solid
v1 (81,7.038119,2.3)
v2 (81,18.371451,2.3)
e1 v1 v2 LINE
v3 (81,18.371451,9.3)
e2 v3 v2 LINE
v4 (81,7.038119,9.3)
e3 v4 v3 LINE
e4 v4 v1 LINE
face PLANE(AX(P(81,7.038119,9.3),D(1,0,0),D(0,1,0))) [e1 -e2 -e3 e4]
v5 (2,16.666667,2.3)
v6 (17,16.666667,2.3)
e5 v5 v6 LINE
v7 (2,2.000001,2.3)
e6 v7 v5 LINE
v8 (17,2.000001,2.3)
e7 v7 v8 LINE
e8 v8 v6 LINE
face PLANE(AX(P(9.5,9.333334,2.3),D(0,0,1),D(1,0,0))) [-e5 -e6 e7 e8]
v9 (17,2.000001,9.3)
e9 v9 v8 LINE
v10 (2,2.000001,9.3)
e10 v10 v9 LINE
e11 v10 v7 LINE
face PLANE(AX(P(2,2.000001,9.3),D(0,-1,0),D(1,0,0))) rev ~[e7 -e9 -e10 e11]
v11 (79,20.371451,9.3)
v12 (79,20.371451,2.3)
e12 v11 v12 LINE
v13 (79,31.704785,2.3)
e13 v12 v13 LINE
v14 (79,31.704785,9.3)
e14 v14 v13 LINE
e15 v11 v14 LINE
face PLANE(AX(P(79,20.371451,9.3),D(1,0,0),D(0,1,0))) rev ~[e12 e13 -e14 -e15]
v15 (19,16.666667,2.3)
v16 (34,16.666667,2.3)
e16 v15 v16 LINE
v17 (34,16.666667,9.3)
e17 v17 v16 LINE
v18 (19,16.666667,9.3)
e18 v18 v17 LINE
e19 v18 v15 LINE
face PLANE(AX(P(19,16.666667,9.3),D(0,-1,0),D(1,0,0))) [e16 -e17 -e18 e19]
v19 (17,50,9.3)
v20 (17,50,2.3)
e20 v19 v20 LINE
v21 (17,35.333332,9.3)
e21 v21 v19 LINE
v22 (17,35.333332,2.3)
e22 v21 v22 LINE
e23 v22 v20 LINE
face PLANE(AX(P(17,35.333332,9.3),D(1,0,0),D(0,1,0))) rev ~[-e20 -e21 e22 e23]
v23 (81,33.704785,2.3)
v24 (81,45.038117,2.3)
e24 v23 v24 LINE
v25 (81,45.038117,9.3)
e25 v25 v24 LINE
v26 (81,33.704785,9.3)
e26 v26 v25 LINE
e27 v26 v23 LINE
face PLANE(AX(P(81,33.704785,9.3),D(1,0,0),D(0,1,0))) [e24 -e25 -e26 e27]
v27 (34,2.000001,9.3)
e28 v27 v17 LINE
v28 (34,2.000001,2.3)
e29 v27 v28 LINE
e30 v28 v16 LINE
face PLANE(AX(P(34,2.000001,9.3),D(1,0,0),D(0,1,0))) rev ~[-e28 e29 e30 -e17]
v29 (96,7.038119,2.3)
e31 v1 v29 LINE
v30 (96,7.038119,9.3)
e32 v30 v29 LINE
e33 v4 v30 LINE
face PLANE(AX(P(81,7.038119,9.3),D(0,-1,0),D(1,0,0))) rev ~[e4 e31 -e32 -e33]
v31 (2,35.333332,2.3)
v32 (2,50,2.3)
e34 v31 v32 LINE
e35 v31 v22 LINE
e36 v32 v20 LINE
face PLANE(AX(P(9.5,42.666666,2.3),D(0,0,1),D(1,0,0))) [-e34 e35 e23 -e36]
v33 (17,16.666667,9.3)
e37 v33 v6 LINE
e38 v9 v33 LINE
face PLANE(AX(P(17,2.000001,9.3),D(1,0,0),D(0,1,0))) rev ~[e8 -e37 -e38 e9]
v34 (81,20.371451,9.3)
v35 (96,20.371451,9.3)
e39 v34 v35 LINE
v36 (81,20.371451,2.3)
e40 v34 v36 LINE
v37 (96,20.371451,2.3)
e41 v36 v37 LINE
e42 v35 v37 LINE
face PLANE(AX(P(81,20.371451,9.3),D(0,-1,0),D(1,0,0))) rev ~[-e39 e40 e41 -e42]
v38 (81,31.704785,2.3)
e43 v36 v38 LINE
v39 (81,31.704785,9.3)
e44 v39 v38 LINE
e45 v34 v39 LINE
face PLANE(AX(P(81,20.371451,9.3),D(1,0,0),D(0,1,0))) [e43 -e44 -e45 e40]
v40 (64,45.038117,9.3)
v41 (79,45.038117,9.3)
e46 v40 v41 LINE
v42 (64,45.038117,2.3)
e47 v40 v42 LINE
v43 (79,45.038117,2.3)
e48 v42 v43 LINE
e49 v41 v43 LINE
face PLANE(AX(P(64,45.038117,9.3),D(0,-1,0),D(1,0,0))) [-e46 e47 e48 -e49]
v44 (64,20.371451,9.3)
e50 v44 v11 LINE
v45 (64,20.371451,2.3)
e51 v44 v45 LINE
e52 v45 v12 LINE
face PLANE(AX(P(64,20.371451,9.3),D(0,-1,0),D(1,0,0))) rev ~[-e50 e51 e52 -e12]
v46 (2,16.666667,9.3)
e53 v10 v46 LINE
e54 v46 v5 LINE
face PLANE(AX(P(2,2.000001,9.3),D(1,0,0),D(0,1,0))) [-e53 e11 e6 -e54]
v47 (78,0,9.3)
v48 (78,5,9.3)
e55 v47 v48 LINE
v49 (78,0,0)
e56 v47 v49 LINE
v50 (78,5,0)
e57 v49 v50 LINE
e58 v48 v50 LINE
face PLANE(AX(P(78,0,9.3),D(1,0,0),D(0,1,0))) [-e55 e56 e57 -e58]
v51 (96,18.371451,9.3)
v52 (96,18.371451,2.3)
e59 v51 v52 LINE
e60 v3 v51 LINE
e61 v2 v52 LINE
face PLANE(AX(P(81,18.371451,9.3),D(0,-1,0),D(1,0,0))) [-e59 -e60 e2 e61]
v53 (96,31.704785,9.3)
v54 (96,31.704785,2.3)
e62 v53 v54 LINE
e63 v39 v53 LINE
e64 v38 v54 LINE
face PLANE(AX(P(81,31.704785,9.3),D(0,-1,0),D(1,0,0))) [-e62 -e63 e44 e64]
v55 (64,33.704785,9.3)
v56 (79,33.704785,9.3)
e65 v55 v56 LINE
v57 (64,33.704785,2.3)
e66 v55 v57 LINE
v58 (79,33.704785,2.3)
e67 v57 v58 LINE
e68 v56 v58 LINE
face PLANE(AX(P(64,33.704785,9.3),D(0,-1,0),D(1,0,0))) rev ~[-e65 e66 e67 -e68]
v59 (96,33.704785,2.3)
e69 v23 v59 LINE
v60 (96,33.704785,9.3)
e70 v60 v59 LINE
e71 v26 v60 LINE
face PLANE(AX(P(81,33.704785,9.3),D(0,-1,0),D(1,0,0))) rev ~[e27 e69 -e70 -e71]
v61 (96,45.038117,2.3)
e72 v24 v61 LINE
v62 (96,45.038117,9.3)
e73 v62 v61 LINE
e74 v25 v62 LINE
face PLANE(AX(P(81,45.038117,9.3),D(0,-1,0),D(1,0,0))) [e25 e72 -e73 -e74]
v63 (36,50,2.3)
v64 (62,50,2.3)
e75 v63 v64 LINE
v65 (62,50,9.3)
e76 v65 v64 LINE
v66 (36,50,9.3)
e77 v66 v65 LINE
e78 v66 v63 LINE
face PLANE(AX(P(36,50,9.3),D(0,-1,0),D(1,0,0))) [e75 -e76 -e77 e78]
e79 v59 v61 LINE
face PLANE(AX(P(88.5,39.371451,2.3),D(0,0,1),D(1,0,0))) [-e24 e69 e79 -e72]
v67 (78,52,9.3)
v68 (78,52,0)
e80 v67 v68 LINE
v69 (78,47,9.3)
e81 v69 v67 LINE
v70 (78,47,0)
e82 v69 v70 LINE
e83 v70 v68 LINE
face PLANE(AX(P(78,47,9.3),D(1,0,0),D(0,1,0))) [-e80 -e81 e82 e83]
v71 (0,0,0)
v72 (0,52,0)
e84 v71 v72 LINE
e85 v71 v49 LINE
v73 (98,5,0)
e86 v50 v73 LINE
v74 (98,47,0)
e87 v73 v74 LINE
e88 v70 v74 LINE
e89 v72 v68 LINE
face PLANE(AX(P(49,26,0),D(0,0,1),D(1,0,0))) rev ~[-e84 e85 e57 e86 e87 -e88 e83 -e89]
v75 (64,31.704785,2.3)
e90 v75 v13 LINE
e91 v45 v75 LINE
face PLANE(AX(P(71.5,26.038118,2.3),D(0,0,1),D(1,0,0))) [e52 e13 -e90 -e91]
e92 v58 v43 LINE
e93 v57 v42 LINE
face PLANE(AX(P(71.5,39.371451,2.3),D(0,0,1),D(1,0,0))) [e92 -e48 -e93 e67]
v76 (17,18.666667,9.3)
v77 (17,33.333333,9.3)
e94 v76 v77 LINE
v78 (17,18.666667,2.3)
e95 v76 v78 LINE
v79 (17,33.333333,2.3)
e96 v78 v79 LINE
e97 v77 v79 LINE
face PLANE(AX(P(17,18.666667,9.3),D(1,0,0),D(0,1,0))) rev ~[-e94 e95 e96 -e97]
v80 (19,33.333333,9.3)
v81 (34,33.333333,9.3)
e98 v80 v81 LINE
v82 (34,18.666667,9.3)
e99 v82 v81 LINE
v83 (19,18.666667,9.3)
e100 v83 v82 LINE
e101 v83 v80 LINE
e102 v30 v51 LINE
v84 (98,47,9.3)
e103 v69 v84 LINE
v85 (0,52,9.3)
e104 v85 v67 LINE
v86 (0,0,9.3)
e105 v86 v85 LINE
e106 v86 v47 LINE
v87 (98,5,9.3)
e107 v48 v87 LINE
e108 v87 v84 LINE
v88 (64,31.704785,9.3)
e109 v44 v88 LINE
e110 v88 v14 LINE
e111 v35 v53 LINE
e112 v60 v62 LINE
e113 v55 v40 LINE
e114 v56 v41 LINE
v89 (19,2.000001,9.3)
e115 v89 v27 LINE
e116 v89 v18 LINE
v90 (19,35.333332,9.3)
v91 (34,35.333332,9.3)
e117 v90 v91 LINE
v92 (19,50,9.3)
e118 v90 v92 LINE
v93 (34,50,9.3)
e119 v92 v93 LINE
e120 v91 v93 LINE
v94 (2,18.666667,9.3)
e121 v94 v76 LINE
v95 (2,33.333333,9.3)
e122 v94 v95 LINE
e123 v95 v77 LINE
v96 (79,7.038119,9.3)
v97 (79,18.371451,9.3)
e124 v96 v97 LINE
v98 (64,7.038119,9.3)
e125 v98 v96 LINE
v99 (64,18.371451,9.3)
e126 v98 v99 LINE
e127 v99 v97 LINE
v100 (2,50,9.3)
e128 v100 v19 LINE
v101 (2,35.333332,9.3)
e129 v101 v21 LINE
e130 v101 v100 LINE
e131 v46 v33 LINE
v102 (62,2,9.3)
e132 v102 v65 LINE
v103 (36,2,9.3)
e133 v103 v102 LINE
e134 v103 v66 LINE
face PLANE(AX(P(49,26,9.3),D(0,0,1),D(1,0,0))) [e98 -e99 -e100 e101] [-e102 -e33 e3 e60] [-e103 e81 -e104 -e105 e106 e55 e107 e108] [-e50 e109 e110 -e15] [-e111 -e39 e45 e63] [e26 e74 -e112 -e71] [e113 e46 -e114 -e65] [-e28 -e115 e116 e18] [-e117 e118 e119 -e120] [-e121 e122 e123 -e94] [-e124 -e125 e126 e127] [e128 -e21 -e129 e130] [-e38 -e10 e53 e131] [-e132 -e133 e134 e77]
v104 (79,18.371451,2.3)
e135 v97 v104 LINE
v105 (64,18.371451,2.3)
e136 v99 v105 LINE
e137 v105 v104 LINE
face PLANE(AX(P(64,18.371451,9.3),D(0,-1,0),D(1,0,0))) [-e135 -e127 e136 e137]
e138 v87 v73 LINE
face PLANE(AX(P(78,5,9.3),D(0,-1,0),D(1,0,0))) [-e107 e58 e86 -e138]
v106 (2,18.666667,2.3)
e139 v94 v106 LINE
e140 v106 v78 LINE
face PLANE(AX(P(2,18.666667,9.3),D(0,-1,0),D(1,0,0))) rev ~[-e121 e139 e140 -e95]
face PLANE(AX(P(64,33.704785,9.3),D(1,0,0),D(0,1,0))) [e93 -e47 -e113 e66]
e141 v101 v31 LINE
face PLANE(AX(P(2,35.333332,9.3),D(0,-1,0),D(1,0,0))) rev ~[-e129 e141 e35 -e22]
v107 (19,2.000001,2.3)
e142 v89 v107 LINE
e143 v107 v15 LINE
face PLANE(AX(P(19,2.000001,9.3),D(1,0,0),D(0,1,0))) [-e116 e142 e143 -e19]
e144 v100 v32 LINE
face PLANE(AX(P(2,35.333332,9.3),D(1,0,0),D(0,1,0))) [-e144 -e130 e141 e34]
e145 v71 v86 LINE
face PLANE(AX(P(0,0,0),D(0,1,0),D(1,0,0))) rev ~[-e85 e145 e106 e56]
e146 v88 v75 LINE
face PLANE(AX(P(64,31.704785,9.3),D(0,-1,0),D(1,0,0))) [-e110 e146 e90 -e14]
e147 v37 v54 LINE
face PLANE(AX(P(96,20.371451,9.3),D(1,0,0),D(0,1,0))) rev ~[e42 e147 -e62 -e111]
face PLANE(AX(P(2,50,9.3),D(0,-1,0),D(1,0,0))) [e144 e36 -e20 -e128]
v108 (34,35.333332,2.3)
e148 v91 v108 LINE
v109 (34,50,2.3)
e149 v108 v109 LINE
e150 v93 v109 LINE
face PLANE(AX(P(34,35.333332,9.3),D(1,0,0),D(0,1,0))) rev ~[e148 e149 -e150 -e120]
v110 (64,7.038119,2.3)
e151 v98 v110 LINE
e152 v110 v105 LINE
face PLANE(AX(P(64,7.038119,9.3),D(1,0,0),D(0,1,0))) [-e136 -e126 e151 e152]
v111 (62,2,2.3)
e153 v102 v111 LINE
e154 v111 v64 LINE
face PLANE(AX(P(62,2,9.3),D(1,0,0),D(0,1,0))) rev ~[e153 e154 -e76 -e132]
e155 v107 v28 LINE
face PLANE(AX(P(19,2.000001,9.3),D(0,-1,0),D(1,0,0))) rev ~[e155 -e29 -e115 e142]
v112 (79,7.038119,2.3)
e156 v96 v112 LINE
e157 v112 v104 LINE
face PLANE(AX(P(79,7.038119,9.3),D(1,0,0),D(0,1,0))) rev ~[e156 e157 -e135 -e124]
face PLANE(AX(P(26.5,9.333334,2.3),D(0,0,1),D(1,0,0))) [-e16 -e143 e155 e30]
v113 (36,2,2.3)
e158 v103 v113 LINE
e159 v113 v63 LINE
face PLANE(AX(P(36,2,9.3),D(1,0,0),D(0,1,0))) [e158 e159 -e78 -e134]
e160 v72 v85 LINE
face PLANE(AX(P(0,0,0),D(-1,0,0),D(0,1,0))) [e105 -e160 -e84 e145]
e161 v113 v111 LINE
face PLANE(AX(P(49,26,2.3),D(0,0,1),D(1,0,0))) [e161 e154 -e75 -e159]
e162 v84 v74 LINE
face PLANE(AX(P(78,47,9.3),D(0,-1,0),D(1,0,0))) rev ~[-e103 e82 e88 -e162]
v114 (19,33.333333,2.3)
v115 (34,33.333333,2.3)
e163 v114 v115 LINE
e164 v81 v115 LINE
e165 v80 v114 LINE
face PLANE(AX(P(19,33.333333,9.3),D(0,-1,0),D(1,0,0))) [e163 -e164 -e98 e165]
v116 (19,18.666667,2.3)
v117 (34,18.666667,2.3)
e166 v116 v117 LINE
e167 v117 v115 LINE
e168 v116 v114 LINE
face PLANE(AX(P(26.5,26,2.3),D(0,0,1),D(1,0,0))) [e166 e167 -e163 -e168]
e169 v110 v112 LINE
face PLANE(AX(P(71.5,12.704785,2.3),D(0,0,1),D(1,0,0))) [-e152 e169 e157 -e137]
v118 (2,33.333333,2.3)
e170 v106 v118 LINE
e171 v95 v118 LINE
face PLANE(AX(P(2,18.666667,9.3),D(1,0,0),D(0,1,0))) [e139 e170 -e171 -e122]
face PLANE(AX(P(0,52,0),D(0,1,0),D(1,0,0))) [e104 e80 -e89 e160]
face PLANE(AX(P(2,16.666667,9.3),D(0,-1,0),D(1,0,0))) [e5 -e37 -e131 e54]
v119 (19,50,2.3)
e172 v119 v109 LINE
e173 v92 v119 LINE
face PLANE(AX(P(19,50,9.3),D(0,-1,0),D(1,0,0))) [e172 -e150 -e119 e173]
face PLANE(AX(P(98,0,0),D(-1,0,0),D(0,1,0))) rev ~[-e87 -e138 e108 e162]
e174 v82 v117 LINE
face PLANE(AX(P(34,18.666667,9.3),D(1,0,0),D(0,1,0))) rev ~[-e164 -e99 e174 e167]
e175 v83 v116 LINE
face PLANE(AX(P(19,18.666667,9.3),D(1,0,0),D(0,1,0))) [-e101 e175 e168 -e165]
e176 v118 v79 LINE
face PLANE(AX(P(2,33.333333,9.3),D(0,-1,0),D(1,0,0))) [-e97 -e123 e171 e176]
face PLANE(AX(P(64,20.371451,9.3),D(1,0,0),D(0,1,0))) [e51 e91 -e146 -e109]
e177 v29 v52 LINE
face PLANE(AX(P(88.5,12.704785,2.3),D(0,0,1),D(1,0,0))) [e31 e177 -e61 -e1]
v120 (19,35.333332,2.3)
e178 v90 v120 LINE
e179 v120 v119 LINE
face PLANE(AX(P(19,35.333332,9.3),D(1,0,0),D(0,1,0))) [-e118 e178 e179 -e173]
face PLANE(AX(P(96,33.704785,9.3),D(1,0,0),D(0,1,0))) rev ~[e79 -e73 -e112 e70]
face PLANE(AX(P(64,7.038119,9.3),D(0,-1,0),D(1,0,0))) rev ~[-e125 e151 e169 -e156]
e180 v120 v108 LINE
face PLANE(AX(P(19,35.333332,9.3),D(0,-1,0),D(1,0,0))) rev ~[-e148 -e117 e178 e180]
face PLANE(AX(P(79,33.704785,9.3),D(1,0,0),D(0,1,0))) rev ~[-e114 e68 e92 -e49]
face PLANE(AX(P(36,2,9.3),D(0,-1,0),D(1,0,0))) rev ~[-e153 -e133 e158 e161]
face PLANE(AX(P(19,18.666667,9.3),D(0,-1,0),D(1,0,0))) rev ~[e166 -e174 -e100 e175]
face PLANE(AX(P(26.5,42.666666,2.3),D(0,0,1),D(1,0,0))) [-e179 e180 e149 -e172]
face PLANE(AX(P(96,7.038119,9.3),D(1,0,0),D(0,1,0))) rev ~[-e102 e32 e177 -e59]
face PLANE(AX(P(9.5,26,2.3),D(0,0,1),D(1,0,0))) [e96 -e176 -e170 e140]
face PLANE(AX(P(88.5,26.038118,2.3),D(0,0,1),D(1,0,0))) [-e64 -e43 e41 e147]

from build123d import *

# Parameters (mm, degrees)
SKETCH_W        = 98
SKETCH_H        = 52
PAD_DEPTH       = 9.3
SKETCH001_W     = 20
SKETCH001_H     = 5
POCKET_DEPTH    = 9.301
SKETCH002_W     = 15
SKETCH002_H     = 14.666667
SKETCH002_H_2   = 14.666666
SKETCH002_W_2   = 26
SKETCH002_H_3   = 48
SKETCH002_H_4   = 11.333333
SKETCH002_H_5   = 11.333334
POCKET001_DEPTH = 7


with BuildPart() as part:
    # Sketch → Pad (new body)
    with BuildSketch(Plane.XY):
        with Locations((49, 26)):
            Rectangle(SKETCH_W, SKETCH_H)
    extrude(amount=PAD_DEPTH)

    # Sketch001 (on Face6 of Pad) → Pocket (cut, through all)
    with BuildSketch(Plane.XY.offset(9.3)):
        with Locations((88, 49.5)):
            Rectangle(SKETCH001_W, SKETCH001_H)
        with Locations((88, 2.5)):
            Rectangle(SKETCH001_W, SKETCH001_H)
    extrude(amount=-POCKET_DEPTH, mode=Mode.SUBTRACT)

    # Sketch002 (on Face6 of Pad) → Pocket001 (cut)
    with BuildSketch(Plane.XY.offset(9.3)):
        with Locations((9.5, 42.666666)):
            Rectangle(SKETCH002_W, SKETCH002_H)
        with Locations((9.5, 26)):
            Rectangle(SKETCH002_W, SKETCH002_H_2)
        with Locations((9.5, 9.333334)):
            Rectangle(SKETCH002_W, SKETCH002_H)
        with Locations((26.5, 42.666666)):
            Rectangle(SKETCH002_W, SKETCH002_H)
        with Locations((26.5, 26)):
            Rectangle(SKETCH002_W, SKETCH002_H_2)
        with Locations((26.5, 9.333334)):
            Rectangle(SKETCH002_W, SKETCH002_H)
        with Locations((49, 26)):
            Rectangle(SKETCH002_W_2, SKETCH002_H_3)
        with Locations((71.5, 39.371451)):
            Rectangle(SKETCH002_W, SKETCH002_H_4)
        with Locations((71.5, 26.038118)):
            Rectangle(SKETCH002_W, SKETCH002_H_5)
        with Locations((71.5, 12.704785)):
            Rectangle(SKETCH002_W, SKETCH002_H_4)
        with Locations((88.5, 39.371451)):
            Rectangle(SKETCH002_W, SKETCH002_H_4)
        with Locations((88.5, 26.038118)):
            Rectangle(SKETCH002_W, SKETCH002_H_5)
        with Locations((88.5, 12.704785)):
            Rectangle(SKETCH002_W, SKETCH002_H_4)
    extrude(amount=-POCKET001_DEPTH, mode=Mode.SUBTRACT)


solid = part.part
